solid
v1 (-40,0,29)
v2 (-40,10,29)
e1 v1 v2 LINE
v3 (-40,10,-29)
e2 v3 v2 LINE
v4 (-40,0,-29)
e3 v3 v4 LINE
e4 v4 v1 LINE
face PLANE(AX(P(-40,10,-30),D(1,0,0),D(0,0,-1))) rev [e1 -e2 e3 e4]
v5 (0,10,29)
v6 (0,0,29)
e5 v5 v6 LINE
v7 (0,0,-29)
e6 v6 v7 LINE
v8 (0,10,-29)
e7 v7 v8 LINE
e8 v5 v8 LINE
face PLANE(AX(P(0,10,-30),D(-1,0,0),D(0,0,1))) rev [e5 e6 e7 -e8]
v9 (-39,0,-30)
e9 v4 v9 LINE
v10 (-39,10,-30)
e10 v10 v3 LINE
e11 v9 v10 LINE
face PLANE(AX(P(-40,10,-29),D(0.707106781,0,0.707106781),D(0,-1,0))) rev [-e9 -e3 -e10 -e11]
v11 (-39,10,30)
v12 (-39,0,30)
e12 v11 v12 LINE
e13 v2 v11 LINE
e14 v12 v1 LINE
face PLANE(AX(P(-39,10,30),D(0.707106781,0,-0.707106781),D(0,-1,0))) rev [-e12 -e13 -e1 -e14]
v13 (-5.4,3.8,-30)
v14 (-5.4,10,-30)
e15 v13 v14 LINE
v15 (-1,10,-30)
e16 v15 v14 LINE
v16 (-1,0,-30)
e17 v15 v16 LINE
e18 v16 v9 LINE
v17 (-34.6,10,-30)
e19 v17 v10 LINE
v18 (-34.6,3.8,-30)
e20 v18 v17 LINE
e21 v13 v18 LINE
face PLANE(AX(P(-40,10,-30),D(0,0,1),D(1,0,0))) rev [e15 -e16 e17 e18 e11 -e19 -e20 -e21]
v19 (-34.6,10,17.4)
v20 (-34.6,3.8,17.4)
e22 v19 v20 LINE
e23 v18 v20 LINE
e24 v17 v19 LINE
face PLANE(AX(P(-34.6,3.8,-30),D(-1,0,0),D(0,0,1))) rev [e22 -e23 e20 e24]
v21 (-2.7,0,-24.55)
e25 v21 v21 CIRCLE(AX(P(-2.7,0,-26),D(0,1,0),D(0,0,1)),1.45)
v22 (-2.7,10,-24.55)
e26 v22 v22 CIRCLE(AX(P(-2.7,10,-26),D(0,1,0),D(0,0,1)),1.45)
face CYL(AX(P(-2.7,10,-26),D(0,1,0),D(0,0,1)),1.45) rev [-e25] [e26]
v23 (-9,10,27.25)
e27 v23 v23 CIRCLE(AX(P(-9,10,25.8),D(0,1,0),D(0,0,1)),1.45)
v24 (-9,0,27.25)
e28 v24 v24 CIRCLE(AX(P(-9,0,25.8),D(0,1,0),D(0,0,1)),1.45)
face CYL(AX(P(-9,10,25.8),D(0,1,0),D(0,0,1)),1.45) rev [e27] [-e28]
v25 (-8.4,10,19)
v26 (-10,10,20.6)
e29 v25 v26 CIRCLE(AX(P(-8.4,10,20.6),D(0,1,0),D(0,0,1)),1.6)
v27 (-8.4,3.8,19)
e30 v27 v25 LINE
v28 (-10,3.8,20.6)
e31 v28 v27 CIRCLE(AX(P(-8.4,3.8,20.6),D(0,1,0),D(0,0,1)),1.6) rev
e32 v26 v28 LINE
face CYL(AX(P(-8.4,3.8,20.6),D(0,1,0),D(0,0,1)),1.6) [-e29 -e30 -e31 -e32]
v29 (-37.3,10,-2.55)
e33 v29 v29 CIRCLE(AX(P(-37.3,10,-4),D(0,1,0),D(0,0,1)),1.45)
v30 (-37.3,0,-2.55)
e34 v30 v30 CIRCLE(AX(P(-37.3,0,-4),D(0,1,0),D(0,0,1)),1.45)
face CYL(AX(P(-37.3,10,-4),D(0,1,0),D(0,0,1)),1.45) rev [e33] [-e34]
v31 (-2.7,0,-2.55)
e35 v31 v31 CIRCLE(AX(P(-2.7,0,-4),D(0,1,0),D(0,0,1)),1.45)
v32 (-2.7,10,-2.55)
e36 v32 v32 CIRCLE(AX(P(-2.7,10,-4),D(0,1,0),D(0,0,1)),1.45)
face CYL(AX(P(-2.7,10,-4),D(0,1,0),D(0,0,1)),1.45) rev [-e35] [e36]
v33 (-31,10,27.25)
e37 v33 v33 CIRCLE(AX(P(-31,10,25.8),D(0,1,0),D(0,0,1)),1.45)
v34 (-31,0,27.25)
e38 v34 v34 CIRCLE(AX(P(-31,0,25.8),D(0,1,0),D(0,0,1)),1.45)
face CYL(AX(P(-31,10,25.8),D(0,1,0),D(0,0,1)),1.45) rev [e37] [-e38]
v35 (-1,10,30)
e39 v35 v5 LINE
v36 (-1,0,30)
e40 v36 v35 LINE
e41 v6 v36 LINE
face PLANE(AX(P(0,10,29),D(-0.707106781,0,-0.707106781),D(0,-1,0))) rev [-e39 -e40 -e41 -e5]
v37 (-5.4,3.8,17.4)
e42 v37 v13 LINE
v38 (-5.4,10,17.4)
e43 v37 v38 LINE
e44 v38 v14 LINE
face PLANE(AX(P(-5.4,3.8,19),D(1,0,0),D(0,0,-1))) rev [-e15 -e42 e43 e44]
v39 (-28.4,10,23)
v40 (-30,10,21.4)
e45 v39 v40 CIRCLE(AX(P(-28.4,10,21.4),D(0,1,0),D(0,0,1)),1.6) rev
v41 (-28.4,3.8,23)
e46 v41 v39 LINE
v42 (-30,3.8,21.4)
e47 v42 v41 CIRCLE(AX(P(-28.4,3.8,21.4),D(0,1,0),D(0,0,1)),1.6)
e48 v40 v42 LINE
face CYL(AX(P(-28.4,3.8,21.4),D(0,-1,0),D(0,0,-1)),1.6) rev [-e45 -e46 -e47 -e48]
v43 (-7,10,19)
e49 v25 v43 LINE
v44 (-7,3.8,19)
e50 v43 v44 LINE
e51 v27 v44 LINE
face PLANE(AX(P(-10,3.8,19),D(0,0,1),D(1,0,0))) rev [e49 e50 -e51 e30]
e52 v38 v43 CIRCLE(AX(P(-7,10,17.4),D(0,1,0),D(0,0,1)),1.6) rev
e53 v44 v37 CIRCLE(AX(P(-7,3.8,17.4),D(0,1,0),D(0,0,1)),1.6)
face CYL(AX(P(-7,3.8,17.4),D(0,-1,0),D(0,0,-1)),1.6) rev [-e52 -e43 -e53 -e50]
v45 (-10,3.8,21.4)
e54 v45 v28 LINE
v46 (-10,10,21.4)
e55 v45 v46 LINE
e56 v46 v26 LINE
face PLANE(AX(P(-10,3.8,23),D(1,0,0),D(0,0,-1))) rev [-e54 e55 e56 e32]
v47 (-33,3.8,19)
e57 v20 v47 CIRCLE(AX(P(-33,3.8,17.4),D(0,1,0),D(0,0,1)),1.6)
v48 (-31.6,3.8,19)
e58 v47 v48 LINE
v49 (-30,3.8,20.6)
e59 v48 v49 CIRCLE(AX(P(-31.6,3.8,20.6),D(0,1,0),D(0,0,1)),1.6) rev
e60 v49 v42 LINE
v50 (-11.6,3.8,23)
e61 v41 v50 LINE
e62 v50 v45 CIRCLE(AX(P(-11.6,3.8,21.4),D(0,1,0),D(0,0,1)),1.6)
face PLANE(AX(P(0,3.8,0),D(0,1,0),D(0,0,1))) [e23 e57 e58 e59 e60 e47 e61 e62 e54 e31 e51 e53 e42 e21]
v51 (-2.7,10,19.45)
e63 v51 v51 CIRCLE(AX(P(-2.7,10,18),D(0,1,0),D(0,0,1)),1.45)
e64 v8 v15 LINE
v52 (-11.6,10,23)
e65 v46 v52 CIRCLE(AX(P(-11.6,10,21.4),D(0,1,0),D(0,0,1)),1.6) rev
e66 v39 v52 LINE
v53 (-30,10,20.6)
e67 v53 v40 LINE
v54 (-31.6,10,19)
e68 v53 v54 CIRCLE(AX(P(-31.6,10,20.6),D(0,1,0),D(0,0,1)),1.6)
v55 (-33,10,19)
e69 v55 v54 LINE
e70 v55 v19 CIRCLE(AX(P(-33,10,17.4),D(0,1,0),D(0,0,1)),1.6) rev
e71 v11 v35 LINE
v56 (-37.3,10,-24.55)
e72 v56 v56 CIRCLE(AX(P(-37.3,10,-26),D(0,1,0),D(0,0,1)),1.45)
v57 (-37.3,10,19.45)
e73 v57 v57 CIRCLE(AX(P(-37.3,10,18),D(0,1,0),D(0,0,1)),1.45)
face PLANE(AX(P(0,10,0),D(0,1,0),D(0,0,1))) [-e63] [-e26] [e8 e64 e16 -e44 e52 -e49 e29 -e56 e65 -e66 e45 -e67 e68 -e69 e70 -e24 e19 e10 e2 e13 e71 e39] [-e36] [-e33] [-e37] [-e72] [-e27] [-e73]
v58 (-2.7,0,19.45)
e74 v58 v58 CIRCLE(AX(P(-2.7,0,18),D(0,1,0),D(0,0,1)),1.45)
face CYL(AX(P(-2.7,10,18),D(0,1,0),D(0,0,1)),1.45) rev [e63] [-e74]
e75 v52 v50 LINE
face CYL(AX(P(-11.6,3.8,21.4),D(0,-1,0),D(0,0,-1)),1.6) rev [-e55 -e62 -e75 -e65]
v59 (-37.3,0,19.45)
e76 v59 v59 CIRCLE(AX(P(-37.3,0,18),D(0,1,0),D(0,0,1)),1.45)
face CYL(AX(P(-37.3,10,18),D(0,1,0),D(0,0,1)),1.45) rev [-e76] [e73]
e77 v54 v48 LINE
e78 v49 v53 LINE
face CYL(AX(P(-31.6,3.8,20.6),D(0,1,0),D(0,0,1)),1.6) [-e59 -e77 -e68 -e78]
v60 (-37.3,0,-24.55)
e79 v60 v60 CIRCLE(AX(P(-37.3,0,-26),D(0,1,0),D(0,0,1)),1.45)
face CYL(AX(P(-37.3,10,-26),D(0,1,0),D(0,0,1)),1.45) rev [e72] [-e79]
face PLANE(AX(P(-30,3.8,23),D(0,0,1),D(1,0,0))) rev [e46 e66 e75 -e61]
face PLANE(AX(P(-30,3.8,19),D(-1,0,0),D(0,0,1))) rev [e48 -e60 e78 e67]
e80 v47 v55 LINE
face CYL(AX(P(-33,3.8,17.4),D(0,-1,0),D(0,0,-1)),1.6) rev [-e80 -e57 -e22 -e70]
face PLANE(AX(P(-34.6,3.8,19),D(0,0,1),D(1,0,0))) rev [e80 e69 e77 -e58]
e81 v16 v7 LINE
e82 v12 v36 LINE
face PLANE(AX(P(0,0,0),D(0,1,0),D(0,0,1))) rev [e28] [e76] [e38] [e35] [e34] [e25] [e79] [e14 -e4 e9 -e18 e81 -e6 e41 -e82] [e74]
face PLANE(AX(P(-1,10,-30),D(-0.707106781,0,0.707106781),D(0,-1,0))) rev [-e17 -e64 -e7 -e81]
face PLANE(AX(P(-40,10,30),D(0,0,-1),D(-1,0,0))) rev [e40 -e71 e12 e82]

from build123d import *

# Parameters (mm, degrees)
SKETCH1_W              = 40
SKETCH1_H              = 60
BOSS_EXTRUDE1_DEPTH    = 10
M2_5_CLEARANCE_HOLE1_D = 2.9
CUT_EXTRUDE1_DEPTH     = 6.2
FILLET1_R              = 1.6
CHAMFER1_SIZE          = 1


with BuildPart() as part:
    # Sketch1 → Boss-Extrude1 (new body)
    with BuildSketch(Plane(origin=(0, 0, 0), x_dir=(1, 0, 0), z_dir=(0, 1, 0))):
        with Locations((-20, 0)):
            Rectangle(SKETCH1_W, SKETCH1_H)
    extrude(amount=BOSS_EXTRUDE1_DEPTH)

    # M2.5 Clearance Hole1 (through all)
    with Locations(Plane(origin=(0, 10, 0), x_dir=(1, 0, 0), z_dir=(0, 1, 0))):
        with Locations((-37.3, 26), (-37.3, 4), (-37.3, -18), (-31, -25.8), (-9, -25.8), (-2.7, -18), (-2.7, 4), (-2.7, 26)):
            Hole(M2_5_CLEARANCE_HOLE1_D / 2)

    # Sketch4 → Cut-Extrude1 (cut)
    with BuildSketch(Plane(origin=(0, 10, 0), x_dir=(1, 0, 0), z_dir=(0, 1, 0))):
        Polygon((-34.6, 30), (-34.6, -19), (-30, -19), (-30, -23), (-10, -23), (-10, -19), (-5.4, -19), (-5.4, 30), align=None)
    extrude(amount=-CUT_EXTRUDE1_DEPTH, mode=Mode.SUBTRACT)

    # Fillet1
    fillet1_edges = [part.edges().sort_by_distance(p)[0] for p in [
        (-10, 6.9, 23),
        (-30, 6.9, 23),
        (-30, 6.9, 19),
        (-34.6, 6.9, 19),
        (-5.4, 6.9, 19),
        (-10, 6.9, 19),
    ]]
    fillet(fillet1_edges, radius=FILLET1_R)

    # Chamfer1
    chamfer1_edges = [part.edges().sort_by_distance(p)[0] for p in [
        (-40, 5, -30),
        (0, 5, -30),
        (0, 5, 30),
        (-40, 5, 30),
    ]]
    chamfer(chamfer1_edges, length=CHAMFER1_SIZE)


solid = part.part
